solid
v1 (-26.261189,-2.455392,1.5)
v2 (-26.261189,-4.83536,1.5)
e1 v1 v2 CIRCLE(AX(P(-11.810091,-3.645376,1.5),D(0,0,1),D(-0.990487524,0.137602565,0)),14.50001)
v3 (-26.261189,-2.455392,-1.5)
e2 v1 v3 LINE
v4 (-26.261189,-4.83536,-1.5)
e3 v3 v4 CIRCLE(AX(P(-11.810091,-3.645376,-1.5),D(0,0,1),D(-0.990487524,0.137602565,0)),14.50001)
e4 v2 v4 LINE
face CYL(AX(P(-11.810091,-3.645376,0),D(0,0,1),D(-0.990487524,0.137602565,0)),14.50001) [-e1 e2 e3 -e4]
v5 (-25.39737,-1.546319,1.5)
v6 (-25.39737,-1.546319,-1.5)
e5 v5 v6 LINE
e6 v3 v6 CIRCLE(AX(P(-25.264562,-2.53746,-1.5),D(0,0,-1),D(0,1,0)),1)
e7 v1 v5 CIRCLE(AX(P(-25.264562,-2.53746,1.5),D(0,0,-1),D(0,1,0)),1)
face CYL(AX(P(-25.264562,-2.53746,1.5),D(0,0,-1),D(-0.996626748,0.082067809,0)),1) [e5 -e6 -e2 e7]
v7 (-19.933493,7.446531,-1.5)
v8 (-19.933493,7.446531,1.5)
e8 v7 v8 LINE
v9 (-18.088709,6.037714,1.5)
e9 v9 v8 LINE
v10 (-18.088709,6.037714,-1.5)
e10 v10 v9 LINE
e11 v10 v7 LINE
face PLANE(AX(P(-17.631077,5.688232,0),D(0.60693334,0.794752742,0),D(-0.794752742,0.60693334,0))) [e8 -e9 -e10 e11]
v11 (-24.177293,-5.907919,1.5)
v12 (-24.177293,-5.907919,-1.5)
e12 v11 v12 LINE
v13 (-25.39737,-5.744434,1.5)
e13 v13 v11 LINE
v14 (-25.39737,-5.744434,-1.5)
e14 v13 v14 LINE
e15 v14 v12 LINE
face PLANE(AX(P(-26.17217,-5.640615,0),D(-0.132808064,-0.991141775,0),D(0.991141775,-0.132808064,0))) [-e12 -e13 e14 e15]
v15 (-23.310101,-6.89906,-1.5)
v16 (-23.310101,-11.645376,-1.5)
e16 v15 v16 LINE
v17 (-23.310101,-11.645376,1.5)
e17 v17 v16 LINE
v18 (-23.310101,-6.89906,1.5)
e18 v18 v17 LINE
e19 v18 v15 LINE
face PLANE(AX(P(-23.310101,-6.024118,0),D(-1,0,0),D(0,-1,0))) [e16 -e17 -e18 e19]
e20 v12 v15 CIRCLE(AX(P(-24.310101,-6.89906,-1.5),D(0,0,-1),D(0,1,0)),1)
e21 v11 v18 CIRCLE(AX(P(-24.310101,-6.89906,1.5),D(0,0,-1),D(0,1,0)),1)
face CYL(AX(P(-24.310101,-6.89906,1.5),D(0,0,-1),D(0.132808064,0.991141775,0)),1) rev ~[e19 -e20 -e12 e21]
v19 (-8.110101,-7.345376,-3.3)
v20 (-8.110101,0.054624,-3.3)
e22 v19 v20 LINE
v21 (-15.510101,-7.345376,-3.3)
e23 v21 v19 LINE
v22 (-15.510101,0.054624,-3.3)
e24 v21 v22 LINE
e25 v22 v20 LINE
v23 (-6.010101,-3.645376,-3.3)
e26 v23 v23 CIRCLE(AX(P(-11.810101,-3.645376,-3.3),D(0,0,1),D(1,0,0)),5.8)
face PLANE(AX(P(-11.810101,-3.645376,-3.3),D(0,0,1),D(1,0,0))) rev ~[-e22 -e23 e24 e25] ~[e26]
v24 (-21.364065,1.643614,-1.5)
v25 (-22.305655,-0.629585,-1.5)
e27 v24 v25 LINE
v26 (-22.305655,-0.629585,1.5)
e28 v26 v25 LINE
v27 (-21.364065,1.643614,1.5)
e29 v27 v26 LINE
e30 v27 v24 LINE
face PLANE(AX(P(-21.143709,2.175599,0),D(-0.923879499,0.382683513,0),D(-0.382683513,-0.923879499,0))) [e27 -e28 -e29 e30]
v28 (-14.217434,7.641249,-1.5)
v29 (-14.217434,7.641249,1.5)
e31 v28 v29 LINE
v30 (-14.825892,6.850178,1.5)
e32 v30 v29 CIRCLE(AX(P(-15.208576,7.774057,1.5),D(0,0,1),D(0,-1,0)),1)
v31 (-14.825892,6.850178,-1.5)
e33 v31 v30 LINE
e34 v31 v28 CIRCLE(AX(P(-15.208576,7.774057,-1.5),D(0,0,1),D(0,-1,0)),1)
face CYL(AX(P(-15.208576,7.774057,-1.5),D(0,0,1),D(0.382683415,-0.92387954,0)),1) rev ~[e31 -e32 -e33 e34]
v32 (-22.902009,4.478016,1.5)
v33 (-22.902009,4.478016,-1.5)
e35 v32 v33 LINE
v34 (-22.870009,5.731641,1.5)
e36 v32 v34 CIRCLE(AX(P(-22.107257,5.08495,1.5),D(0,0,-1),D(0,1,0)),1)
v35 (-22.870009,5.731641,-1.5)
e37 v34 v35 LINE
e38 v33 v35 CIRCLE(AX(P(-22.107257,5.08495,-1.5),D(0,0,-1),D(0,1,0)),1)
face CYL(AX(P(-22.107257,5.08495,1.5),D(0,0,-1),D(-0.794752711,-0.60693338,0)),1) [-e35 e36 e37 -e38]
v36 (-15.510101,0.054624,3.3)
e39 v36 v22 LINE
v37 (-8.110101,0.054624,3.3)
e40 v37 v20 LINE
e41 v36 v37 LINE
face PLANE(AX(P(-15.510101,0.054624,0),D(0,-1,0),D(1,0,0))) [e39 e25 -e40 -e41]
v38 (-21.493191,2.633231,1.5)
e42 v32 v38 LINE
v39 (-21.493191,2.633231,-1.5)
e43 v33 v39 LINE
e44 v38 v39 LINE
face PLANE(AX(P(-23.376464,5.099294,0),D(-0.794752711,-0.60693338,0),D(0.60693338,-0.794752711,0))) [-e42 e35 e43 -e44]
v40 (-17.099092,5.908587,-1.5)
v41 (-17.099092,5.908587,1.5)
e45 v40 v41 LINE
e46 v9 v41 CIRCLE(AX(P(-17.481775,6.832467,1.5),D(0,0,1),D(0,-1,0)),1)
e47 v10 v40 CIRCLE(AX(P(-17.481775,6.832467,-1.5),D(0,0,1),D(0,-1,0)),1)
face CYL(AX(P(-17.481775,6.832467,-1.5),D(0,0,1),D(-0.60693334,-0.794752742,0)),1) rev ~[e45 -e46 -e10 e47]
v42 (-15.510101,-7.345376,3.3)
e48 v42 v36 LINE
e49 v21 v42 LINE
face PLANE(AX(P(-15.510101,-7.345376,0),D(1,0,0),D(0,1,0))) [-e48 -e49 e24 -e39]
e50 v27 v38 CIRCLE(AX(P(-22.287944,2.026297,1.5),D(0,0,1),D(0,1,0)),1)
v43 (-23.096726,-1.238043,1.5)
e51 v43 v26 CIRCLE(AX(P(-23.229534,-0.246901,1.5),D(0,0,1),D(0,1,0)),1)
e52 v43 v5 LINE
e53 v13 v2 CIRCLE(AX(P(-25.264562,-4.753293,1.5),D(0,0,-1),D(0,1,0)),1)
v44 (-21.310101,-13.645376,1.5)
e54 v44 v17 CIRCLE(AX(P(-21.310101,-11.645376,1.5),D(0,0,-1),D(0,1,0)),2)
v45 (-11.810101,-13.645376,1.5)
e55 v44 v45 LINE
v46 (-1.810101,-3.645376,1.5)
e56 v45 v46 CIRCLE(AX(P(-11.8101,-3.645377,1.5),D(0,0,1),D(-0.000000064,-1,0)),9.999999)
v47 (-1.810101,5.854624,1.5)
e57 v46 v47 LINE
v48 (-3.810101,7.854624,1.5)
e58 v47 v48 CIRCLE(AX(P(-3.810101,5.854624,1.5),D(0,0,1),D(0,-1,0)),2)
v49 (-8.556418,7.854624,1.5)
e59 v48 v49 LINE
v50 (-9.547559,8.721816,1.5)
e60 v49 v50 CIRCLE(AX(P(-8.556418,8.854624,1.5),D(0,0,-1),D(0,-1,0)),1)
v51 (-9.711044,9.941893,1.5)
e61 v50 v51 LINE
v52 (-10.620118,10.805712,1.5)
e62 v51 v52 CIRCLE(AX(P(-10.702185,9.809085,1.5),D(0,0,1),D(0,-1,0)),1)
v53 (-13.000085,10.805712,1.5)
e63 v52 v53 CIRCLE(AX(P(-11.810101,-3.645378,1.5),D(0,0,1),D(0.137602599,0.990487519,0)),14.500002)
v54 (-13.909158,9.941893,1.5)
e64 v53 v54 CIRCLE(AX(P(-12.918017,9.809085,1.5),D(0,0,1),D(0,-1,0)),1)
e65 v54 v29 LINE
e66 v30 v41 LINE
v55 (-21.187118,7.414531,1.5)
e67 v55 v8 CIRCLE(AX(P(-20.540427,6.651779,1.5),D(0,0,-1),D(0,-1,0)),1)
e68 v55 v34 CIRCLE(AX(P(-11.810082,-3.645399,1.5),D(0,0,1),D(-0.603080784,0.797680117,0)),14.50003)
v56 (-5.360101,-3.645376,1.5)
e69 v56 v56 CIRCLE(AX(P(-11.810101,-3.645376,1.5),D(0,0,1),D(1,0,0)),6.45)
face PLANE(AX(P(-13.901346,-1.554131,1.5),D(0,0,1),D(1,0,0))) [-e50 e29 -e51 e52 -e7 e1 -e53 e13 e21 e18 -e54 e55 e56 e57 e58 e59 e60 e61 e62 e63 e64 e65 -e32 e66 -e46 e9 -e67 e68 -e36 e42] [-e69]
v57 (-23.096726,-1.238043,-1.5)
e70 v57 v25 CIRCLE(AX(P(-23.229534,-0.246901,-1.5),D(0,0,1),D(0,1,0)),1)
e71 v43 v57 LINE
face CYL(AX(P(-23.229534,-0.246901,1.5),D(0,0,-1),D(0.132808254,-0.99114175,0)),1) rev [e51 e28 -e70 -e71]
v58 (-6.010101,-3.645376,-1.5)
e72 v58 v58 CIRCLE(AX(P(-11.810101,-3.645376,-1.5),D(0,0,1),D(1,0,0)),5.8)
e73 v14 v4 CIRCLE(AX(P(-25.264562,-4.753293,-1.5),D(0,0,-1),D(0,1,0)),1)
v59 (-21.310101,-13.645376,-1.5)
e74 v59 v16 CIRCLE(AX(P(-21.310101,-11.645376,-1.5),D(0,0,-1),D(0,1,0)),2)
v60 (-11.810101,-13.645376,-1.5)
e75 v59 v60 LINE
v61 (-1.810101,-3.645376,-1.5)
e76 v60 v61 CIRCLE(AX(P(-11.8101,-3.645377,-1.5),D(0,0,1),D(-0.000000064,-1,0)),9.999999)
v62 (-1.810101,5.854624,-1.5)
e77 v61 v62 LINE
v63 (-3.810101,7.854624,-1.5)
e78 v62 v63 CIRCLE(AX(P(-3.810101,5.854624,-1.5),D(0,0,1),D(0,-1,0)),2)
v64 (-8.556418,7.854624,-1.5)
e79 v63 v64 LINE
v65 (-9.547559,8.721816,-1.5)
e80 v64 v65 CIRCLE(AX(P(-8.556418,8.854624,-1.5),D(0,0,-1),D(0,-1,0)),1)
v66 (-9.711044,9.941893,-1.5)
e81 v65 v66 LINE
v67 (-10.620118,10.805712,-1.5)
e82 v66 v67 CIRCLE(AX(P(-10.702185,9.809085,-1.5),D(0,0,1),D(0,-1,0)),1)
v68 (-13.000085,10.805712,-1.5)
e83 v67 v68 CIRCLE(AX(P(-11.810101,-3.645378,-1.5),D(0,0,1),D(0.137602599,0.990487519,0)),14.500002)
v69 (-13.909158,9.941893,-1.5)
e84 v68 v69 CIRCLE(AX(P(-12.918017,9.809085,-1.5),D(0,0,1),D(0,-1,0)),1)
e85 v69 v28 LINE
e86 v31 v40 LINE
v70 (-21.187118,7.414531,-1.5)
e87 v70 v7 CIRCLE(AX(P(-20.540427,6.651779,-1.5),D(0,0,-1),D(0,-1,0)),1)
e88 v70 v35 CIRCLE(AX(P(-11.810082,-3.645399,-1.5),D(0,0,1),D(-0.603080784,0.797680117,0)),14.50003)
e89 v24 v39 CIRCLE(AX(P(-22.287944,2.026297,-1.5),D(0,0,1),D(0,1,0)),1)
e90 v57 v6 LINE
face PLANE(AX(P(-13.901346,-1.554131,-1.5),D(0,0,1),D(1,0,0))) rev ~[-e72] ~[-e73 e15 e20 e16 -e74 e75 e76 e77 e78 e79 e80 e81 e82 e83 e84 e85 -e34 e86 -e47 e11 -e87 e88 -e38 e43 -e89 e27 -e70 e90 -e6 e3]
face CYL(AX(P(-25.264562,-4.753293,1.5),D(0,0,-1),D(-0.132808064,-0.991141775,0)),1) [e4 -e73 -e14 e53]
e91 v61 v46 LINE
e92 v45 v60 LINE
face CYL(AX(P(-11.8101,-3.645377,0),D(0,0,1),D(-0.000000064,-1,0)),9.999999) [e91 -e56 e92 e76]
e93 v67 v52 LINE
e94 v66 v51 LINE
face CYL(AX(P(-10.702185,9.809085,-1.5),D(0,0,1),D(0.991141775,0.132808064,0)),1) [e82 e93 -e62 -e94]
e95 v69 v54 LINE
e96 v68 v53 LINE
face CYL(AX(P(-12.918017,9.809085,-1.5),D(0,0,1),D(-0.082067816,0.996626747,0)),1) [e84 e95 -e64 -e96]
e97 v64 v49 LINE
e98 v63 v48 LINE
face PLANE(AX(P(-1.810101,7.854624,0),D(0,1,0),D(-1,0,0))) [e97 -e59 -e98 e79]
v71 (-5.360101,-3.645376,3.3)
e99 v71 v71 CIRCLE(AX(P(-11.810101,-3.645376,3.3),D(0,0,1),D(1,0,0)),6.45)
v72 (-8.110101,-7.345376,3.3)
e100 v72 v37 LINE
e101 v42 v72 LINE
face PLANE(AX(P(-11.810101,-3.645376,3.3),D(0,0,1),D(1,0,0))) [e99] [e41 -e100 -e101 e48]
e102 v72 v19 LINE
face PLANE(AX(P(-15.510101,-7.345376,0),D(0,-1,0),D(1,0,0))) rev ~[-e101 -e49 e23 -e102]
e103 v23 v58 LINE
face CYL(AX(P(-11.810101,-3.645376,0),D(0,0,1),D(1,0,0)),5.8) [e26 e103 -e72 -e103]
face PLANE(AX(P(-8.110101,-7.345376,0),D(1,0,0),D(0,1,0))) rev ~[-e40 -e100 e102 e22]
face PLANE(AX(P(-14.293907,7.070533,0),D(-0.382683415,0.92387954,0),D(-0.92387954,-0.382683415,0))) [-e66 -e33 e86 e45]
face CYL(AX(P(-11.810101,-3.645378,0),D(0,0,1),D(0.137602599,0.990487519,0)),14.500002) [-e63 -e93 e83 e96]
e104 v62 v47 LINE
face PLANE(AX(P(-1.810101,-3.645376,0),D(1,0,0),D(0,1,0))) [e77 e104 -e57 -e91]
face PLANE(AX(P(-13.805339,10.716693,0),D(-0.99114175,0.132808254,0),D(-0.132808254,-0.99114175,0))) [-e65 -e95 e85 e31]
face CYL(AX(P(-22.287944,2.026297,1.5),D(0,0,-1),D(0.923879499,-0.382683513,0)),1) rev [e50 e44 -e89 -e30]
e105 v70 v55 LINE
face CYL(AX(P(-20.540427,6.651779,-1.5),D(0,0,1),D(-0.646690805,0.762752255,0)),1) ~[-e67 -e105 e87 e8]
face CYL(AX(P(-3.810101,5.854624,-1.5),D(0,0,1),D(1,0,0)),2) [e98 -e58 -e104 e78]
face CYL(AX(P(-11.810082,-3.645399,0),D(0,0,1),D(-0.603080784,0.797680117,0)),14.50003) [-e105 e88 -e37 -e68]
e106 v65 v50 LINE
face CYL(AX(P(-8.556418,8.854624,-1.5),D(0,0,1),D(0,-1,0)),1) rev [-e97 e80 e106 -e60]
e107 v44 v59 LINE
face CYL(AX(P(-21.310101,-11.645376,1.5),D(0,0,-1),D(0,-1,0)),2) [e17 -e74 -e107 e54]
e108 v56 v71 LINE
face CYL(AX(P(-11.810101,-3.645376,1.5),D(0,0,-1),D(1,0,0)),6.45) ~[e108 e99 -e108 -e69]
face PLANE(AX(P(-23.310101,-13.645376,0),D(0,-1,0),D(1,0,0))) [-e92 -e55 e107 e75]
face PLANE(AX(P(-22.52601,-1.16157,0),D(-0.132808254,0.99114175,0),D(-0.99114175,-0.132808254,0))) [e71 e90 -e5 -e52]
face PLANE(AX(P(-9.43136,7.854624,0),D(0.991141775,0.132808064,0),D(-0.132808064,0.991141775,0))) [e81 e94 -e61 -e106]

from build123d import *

# Parameters (mm, degrees)
F0_R     = 5.8
F0_W     = 7.4
F0_H     = 7.4
F1_DEPTH = 3.3
F0_R_2   = 6.5
F2_DEPTH = 1.5
F3_R     = 2
F4_R     = 1
F5_R     = 1
F6_R     = 6.45
F6_R_2   = 5.8
F7_DEPTH = 1.8


with BuildPart() as f1:
    # F0 (on Top) → F1 (new body, symmetric)
    with BuildSketch(Plane.XY):
        with Locations((-11.810101, -3.645376)):
            Circle(F0_R)
        with Locations((-11.810101, -3.645376)):
            Rectangle(F0_W, F0_H, mode=Mode.SUBTRACT)
    extrude(amount=F1_DEPTH, both=True)

    # F0 (on Top) → F2 (join, symmetric)
    with BuildSketch(Plane.XY):
        with BuildLine():
            Line((-22.810101, -13.645376), (-11.810101, -13.645376))
            ThreePointArc((-11.810101, -13.645376), (-4.739033, -10.716444), (-1.810101, -3.645376))
            Line((-1.810101, -3.645376), (-1.810101, 7.354624))
            Line((-1.810101, 7.354624), (-1.810101, 7.854624))
            Line((-1.810101, 7.854624), (-9.43136, 7.854624))
            Line((-9.43136, 7.854624), (-9.814863, 10.716693))
            ThreePointArc((-9.814863, 10.716693), (-11.810101, 10.854624), (-13.805339, 10.716693))
            Line((-13.805339, 10.716693), (-14.293907, 7.070533))
            Line((-14.293907, 7.070533), (-17.631077, 5.688232))
            Line((-17.631077, 5.688232), (-20.554771, 7.920986))
            ThreePointArc((-20.554771, 7.920986), (-22.063149, 6.607672), (-23.376464, 5.099294))
            Line((-23.376464, 5.099294), (-21.143709, 2.175599))
            Line((-21.143709, 2.175599), (-22.52601, -1.16157))
            Line((-22.52601, -1.16157), (-26.17217, -1.650138))
            ThreePointArc((-26.17217, -1.650138), (-26.310101, -3.645376), (-26.17217, -5.640615))
            Line((-26.17217, -5.640615), (-23.310101, -6.024118))
            Line((-23.310101, -6.024118), (-23.310101, -13.645376))
            Line((-23.310101, -13.645376), (-22.810101, -13.645376))
        make_face()
        with Locations((-11.810101, -3.645376)):
            Circle(F0_R_2, mode=Mode.SUBTRACT)
        with Locations((-11.810101, -3.645376)):
            Circle(F0_R_2)
        with Locations((-11.810101, -3.645376)):
            Circle(F0_R, mode=Mode.SUBTRACT)
    extrude(amount=F2_DEPTH, both=True)

    # F3
    f3_edges = [f1.edges().sort_by_distance(p)[0] for p in [
        (-23.310101, -13.645376, 0),
        (-1.810101, 7.854624, 0),
    ]]
    fillet(f3_edges, radius=F3_R)

    # F4
    f4_edges = [f1.edges().sort_by_distance(p)[0] for p in [
        (-26.17217, -5.640615, 0),
        (-26.17217, -1.650138, 0),
        (-23.376464, 5.099294, 0),
        (-20.554771, 7.920986, 0),
        (-13.805339, 10.716693, 0),
        (-9.814863, 10.716693, 0),
    ]]
    fillet(f4_edges, radius=F4_R)

    # F5
    f5_edges = [f1.edges().sort_by_distance(p)[0] for p in [
        (-23.310101, -6.024118, 0),
        (-22.52601, -1.16157, 0),
        (-21.143709, 2.175599, 0),
        (-17.631077, 5.688232, 0),
        (-14.293907, 7.070533, 0),
        (-9.43136, 7.854624, 0),
    ]]
    fillet(f5_edges, radius=F5_R)

    # F6 (on face) → F7 (join, through all)
    with BuildSketch(Plane.XY.offset(1.5)):
        with Locations((-11.810101, -3.645376)):
            Circle(F6_R)
        with Locations((-11.810101, -3.645376)):
            Circle(F6_R_2, mode=Mode.SUBTRACT)
    extrude(amount=F7_DEPTH)


solid = f1.part
